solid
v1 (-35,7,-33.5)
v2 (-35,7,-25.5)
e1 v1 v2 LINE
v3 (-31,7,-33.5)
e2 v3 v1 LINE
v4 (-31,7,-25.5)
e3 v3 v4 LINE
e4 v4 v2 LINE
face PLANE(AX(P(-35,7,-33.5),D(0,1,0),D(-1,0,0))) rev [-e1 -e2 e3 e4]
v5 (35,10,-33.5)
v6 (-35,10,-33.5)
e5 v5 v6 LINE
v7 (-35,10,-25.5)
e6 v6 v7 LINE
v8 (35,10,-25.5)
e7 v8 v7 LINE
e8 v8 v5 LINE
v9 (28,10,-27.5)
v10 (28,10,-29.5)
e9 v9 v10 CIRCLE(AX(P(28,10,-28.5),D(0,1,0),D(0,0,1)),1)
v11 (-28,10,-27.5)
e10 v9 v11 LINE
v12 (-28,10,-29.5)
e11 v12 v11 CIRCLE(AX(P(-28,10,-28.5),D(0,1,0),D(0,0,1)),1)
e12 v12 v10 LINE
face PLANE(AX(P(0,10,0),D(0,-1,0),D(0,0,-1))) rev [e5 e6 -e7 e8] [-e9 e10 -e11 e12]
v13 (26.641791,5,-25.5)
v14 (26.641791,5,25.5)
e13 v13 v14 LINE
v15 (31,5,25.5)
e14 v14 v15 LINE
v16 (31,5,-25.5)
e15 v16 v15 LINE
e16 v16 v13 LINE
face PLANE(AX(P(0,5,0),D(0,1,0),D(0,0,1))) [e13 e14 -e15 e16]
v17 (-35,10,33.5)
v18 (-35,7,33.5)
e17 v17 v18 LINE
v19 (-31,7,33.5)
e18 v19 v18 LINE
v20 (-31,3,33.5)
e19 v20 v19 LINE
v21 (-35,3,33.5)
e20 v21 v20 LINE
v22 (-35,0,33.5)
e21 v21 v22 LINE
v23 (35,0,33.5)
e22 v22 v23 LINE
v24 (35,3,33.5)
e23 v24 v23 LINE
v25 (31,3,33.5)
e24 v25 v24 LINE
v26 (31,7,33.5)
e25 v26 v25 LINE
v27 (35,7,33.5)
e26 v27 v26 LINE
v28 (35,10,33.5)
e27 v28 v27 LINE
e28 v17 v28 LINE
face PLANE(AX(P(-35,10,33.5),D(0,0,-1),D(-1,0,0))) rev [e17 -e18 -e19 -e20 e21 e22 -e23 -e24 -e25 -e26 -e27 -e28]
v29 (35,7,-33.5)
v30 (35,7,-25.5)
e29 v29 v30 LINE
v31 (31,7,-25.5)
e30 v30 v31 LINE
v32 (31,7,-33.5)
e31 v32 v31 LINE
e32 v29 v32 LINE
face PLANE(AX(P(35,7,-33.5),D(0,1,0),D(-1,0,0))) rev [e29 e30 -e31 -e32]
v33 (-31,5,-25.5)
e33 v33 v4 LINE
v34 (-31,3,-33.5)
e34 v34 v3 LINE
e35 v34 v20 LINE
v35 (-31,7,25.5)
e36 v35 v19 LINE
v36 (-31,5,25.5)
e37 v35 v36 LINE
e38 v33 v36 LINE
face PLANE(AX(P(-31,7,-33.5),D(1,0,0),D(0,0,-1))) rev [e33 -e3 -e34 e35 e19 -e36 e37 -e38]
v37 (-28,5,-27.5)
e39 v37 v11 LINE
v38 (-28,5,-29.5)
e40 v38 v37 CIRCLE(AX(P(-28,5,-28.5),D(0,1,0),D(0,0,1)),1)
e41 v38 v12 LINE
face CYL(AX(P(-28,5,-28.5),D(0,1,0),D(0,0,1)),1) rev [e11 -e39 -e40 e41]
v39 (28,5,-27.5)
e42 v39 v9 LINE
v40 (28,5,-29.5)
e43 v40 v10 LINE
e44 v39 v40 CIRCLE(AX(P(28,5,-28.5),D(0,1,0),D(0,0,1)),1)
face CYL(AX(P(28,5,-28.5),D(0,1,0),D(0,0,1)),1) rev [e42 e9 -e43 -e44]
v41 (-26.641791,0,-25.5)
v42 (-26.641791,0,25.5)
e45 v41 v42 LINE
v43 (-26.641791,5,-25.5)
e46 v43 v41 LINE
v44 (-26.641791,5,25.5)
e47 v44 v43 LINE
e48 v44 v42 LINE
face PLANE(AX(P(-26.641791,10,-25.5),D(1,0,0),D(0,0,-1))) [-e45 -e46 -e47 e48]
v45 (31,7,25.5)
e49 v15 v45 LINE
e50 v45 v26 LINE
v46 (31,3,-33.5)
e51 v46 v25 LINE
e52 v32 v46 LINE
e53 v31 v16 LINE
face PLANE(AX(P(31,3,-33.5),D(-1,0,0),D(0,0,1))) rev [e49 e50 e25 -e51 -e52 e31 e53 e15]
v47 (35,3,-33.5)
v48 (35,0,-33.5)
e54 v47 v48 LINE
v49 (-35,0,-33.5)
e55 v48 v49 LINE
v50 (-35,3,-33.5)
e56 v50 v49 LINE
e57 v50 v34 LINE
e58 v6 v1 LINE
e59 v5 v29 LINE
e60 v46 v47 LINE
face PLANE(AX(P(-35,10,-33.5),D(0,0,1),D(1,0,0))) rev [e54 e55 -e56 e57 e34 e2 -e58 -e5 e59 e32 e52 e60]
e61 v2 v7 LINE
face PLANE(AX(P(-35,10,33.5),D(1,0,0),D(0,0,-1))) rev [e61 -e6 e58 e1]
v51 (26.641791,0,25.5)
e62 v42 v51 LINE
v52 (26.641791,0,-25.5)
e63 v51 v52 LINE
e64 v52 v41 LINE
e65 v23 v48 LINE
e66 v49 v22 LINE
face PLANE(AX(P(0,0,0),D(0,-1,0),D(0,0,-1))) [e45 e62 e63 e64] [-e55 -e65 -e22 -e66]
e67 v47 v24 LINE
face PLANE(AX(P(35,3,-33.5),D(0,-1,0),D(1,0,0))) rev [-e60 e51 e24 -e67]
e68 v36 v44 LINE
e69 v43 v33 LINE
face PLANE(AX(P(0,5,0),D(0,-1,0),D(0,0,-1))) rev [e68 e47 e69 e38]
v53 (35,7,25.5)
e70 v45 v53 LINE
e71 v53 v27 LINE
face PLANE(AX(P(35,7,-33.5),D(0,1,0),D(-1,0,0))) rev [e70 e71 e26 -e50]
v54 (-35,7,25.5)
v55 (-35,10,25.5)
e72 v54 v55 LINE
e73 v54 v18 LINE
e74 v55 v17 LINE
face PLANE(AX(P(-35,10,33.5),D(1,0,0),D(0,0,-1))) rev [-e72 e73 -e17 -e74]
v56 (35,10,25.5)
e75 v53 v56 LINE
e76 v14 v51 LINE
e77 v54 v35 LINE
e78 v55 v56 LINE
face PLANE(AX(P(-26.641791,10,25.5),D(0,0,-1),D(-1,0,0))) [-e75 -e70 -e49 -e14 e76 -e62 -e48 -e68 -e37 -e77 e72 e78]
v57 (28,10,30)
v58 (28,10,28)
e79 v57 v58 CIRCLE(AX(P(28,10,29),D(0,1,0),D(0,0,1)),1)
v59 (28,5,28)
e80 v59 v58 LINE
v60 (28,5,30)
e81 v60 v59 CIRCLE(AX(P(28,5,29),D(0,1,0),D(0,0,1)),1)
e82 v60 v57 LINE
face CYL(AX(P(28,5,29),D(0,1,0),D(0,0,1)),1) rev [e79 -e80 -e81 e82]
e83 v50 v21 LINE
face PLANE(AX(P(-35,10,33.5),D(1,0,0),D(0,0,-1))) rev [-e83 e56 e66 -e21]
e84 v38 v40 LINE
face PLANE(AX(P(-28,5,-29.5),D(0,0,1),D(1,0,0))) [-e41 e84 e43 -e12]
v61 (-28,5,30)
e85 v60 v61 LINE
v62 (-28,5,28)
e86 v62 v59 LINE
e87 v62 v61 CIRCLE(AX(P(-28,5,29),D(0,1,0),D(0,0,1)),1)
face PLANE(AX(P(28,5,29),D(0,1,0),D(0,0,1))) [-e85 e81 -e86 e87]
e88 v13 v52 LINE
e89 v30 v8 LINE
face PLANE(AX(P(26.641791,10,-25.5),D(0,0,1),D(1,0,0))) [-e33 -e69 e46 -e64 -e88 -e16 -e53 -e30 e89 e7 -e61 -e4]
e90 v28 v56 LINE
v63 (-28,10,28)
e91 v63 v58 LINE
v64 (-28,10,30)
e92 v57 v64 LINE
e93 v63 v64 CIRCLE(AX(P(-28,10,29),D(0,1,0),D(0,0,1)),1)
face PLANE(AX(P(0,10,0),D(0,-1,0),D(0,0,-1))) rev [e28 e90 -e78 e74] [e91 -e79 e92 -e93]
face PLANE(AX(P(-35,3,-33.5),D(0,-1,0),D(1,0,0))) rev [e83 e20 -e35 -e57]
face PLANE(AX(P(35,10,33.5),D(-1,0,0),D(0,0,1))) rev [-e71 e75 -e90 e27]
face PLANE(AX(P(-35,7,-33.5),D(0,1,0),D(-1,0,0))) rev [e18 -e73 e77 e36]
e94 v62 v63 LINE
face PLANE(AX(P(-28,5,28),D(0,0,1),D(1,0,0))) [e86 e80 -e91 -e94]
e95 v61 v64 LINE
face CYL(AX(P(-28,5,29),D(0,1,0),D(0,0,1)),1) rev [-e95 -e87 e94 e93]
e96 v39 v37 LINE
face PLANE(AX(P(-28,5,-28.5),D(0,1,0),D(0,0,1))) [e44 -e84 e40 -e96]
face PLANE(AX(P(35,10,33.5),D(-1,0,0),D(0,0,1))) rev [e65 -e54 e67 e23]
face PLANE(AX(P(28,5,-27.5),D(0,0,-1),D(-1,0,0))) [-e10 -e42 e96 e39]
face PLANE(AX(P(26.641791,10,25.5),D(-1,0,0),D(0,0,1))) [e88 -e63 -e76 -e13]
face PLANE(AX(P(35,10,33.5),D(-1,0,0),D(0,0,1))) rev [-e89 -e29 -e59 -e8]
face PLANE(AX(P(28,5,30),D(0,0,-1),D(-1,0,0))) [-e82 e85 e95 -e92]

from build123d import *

# Parameters (mm, degrees)
ESQUISSE1_W             = 70
ESQUISSE1_H             = 67
ESQUISSE1_W_2           = 53.28358209
ESQUISSE1_H_2           = 51
BOSS_EXTRU_1_DEPTH      = 10
ESQUISSE2_W             = 8.358208955
ESQUISSE2_H             = 51
ENL_V_MAT_EXTRU_1_DEPTH = 5
ESQUISSE3_W             = 4
ESQUISSE3_H             = 4
ENL_V_MAT_EXTRU_2_DEPTH = 68
ENL_V_MAT_EXTRU_3_DEPTH = 5


with BuildPart() as part:
    # Esquisse1 → Boss.-Extru.1 (new body)
    with BuildSketch(Plane(origin=(0, 0, 0), x_dir=(1, 0, 0), z_dir=(0, 1, 0))):
        Rectangle(ESQUISSE1_W, ESQUISSE1_H)
        Rectangle(ESQUISSE1_W_2, ESQUISSE1_H_2, mode=Mode.SUBTRACT)
    extrude(amount=BOSS_EXTRU_1_DEPTH)

    # Esquisse2 → Enlèv. mat.-Extru.1 (cut)
    with BuildSketch(Plane(origin=(0, 10, 0), x_dir=(1, 0, 0), z_dir=(0, 1, 0))):
        with Locations((-30.820895523, 0)):
            Rectangle(ESQUISSE2_W, ESQUISSE2_H)
        with Locations((30.820895523, 0)):
            Rectangle(ESQUISSE2_W, ESQUISSE2_H)
    extrude(amount=-ENL_V_MAT_EXTRU_1_DEPTH, mode=Mode.SUBTRACT)

    # Esquisse3 → Enlèv. mat.-Extru.2 (cut, through all)
    with BuildSketch(Plane.XY.offset(33.5)):
        with Locations((33, 5)):
            Rectangle(ESQUISSE3_W, ESQUISSE3_H)
        with Locations((-33, 5)):
            Rectangle(ESQUISSE3_W, ESQUISSE3_H)
    extrude(amount=-ENL_V_MAT_EXTRU_2_DEPTH, mode=Mode.SUBTRACT)

    # Esquisse4 → Enlèv. mat.-Extru.3 (cut)
    with BuildSketch(Plane(origin=(0, 10, 0), x_dir=(1, 0, 0), z_dir=(0, 1, 0))):
        with BuildLine():
            Line((-28, 29.5), (28, 29.5))
            ThreePointArc((28, 29.5), (29, 28.5), (28, 27.5))
            Line((28, 27.5), (-28, 27.5))
            ThreePointArc((-28, 27.5), (-29, 28.5), (-28, 29.5))
        make_face()
        with BuildLine():
            Line((28, -30), (-28, -30))
            ThreePointArc((-28, -30), (-29, -29), (-28, -28))
            Line((-28, -28), (28, -28))
            ThreePointArc((28, -28), (29, -29), (28, -30))
        make_face()
    extrude(amount=-ENL_V_MAT_EXTRU_3_DEPTH, mode=Mode.SUBTRACT)


solid = part.part
